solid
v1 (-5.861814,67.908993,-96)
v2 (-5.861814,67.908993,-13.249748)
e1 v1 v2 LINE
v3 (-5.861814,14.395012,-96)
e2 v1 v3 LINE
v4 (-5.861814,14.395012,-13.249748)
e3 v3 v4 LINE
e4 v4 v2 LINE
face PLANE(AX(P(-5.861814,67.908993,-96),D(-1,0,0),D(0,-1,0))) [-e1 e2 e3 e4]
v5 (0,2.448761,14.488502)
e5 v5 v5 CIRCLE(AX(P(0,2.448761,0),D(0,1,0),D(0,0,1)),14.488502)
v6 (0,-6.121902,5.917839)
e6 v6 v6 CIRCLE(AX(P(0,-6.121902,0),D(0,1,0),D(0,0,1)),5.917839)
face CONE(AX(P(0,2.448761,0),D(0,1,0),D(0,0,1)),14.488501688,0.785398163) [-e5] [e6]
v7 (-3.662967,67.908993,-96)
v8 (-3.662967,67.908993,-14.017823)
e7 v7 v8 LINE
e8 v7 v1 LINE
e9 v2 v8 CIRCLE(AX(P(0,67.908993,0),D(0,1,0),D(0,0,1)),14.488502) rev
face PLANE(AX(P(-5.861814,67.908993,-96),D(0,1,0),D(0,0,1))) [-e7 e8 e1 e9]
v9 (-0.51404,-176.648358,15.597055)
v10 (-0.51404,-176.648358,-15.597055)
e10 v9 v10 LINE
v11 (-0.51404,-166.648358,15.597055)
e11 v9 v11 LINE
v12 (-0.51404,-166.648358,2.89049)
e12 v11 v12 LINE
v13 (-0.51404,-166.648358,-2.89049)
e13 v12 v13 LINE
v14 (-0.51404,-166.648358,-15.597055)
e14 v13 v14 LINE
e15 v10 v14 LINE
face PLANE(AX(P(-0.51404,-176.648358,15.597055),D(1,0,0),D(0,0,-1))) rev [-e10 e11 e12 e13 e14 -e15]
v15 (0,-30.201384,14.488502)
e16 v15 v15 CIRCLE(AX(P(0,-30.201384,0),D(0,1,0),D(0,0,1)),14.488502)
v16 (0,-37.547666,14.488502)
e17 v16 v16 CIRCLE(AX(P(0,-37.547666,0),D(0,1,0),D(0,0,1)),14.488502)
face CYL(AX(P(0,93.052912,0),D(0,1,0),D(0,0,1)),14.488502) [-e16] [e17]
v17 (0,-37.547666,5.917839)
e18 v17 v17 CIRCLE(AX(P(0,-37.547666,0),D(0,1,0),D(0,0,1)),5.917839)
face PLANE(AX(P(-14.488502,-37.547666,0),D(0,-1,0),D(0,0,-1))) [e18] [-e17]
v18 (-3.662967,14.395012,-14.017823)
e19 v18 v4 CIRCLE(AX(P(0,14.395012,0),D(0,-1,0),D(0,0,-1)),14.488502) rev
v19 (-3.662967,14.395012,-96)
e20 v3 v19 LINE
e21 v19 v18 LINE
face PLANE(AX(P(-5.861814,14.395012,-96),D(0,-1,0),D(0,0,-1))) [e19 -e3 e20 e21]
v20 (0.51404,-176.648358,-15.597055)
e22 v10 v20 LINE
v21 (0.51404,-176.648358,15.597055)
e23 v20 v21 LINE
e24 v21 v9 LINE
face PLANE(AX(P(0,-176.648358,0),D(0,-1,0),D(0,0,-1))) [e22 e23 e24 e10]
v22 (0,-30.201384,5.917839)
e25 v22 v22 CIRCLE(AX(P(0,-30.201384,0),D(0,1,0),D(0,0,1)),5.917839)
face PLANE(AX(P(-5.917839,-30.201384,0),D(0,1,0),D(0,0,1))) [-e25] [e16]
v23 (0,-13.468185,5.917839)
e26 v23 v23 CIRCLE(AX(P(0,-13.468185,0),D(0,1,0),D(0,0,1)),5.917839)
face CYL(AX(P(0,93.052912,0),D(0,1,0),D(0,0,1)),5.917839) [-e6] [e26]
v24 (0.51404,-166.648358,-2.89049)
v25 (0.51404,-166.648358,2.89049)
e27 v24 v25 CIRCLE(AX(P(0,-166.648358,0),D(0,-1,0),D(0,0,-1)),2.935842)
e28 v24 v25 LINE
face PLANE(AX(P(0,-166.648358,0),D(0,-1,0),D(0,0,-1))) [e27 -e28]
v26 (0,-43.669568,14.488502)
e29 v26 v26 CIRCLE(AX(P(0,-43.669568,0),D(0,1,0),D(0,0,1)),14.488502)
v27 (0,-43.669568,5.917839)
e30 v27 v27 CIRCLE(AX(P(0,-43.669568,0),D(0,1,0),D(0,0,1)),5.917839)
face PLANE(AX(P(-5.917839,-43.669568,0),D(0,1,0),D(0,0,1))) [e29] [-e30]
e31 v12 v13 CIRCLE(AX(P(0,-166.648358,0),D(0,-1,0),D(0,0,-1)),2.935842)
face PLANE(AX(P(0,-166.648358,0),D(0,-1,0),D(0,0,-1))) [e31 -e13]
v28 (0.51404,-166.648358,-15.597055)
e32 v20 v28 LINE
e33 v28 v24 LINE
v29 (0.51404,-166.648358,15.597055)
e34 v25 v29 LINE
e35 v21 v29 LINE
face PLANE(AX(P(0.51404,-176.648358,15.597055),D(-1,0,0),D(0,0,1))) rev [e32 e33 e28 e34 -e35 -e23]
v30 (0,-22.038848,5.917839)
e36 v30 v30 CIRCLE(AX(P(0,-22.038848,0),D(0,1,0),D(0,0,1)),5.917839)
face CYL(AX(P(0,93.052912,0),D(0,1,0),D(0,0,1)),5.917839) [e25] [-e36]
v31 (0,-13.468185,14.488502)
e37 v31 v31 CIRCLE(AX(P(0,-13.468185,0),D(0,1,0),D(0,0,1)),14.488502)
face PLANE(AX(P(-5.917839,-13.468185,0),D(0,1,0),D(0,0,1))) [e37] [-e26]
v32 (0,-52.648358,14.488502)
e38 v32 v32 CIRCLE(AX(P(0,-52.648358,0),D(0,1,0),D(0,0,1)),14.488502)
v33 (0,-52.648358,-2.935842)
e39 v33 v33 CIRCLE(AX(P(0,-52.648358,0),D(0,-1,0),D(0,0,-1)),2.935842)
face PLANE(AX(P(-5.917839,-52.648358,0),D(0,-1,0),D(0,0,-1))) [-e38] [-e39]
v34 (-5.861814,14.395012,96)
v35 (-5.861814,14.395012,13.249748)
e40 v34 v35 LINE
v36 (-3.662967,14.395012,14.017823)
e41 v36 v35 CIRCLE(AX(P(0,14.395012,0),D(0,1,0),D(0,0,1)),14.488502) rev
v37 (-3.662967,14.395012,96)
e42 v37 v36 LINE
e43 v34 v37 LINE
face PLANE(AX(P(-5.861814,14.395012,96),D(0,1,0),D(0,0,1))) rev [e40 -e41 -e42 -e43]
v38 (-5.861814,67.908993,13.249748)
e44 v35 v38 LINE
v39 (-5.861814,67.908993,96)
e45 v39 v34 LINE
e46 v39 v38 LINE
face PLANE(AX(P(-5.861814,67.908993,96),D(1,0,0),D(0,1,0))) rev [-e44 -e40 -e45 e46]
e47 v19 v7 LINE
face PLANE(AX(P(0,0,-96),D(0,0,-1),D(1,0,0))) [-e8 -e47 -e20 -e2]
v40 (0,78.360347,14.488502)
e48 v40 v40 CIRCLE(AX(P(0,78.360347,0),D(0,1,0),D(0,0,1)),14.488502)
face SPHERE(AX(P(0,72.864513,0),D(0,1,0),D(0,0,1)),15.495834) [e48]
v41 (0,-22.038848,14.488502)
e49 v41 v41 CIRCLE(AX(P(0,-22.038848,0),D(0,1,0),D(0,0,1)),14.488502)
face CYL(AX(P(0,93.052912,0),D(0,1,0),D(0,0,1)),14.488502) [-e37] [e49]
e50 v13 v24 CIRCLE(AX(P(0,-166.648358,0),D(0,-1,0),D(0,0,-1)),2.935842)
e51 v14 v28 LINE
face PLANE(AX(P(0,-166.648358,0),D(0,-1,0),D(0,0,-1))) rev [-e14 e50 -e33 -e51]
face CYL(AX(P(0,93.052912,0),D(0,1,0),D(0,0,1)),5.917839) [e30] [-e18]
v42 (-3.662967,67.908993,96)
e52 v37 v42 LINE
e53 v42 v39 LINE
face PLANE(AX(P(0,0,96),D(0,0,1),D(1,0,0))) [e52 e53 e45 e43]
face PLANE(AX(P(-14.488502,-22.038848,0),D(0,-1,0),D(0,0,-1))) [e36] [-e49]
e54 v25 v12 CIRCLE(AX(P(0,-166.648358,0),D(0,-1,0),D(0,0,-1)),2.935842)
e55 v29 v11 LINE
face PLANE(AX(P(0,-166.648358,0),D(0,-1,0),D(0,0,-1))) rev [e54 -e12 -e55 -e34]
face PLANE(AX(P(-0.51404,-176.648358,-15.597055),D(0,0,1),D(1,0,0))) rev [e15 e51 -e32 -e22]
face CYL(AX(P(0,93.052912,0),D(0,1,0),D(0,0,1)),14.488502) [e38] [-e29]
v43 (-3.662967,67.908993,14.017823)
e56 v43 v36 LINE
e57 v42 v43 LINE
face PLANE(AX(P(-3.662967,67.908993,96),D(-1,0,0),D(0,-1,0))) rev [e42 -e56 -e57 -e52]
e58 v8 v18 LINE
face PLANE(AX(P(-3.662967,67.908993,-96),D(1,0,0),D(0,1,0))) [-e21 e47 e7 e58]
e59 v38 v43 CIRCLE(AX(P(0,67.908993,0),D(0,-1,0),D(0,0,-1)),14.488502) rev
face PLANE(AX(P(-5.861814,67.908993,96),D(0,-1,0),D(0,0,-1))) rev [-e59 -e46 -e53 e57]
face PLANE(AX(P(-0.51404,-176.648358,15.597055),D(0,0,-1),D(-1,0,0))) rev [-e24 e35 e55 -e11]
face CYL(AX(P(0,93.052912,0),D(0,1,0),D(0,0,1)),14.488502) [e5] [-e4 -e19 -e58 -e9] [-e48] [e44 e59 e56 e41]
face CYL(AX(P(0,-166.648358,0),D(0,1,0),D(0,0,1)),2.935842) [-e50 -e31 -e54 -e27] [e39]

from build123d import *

# Parameters (mm, degrees)
DOME1_FACE_RADIUS   = 14.488501688
DOME1_HEIGHT        = 10
SKETCH4_W           = 2.198846944
SKETCH4_H           = 53.513980491
BOSS_EXTRUDE1_DEPTH = 96
SKETCH5_R           = 2.935842155
BOSS_EXTRUDE2_DEPTH = 114
SKETCH7_W           = 1.028080296
SKETCH7_H           = 31.194109998
BOSS_EXTRUDE3_DEPTH = 10


with BuildPart() as part:
    # Sketch1 → Revolve1 (revolve)
    with BuildSketch(Plane.XY):
        Polygon((0, 78.360347155), (-14.488501688, 78.360347155), (-14.488501688, 2.448760849), (-5.917838717, -6.121902122), (-5.917838717, -13.468184667), (-14.488501688, -13.468184667), (-14.488501688, -22.038847637), (-5.917838717, -22.038847637), (-5.917838717, -30.201383799), (-14.488501688, -30.201383799), (-14.488501688, -37.547666345), (-5.917838717, -37.547666345), (-5.917838717, -43.669568467), (-14.488501688, -43.669568467), (-14.488501688, -52.648358245), (-5.917838717, -52.648358245), (0, -52.648358245), align=None)
    revolve(axis=Axis((0, 93.052912247, 0), (0, -1, 0)))

    # Dome1: a dome of height H over a round flat face of radius A is a cap of a sphere of radius (A * A + H * H) / (2 * H)
    dome1_r = (DOME1_FACE_RADIUS * DOME1_FACE_RADIUS + DOME1_HEIGHT * DOME1_HEIGHT) / (2 * DOME1_HEIGHT)
    dome1_base = Plane((0, 78.360347155, 0), z_dir=(0, 1, 0))
    with Locations(dome1_base.offset(DOME1_HEIGHT - dome1_r)):
        dome1_ball = Sphere(dome1_r, mode=Mode.PRIVATE)
    add(split(dome1_ball, bisect_by=dome1_base, keep=Keep.TOP, mode=Mode.PRIVATE))

    # Sketch4 → Boss-Extrude1 (add)
    with BuildSketch(Plane.XY):
        with Locations((-4.762390363, 41.15200271)):
            Rectangle(SKETCH4_W, SKETCH4_H)
    boss_extrude1 = extrude(amount=BOSS_EXTRUDE1_DEPTH)

    # Mirror1: Boss-Extrude1 across plane
    add(boss_extrude1.mirror(Plane.XY))

    # Sketch5 → Boss-Extrude2 (add)
    with BuildSketch(Plane.XZ.offset(52.648358245)):
        Circle(SKETCH5_R)
    extrude(amount=BOSS_EXTRUDE2_DEPTH)

    # Sketch7 → Boss-Extrude3 (add)
    with BuildSketch(Plane.XZ.offset(166.648358245)):
        Rectangle(SKETCH7_W, SKETCH7_H)
    extrude(amount=BOSS_EXTRUDE3_DEPTH)


solid = part.part
